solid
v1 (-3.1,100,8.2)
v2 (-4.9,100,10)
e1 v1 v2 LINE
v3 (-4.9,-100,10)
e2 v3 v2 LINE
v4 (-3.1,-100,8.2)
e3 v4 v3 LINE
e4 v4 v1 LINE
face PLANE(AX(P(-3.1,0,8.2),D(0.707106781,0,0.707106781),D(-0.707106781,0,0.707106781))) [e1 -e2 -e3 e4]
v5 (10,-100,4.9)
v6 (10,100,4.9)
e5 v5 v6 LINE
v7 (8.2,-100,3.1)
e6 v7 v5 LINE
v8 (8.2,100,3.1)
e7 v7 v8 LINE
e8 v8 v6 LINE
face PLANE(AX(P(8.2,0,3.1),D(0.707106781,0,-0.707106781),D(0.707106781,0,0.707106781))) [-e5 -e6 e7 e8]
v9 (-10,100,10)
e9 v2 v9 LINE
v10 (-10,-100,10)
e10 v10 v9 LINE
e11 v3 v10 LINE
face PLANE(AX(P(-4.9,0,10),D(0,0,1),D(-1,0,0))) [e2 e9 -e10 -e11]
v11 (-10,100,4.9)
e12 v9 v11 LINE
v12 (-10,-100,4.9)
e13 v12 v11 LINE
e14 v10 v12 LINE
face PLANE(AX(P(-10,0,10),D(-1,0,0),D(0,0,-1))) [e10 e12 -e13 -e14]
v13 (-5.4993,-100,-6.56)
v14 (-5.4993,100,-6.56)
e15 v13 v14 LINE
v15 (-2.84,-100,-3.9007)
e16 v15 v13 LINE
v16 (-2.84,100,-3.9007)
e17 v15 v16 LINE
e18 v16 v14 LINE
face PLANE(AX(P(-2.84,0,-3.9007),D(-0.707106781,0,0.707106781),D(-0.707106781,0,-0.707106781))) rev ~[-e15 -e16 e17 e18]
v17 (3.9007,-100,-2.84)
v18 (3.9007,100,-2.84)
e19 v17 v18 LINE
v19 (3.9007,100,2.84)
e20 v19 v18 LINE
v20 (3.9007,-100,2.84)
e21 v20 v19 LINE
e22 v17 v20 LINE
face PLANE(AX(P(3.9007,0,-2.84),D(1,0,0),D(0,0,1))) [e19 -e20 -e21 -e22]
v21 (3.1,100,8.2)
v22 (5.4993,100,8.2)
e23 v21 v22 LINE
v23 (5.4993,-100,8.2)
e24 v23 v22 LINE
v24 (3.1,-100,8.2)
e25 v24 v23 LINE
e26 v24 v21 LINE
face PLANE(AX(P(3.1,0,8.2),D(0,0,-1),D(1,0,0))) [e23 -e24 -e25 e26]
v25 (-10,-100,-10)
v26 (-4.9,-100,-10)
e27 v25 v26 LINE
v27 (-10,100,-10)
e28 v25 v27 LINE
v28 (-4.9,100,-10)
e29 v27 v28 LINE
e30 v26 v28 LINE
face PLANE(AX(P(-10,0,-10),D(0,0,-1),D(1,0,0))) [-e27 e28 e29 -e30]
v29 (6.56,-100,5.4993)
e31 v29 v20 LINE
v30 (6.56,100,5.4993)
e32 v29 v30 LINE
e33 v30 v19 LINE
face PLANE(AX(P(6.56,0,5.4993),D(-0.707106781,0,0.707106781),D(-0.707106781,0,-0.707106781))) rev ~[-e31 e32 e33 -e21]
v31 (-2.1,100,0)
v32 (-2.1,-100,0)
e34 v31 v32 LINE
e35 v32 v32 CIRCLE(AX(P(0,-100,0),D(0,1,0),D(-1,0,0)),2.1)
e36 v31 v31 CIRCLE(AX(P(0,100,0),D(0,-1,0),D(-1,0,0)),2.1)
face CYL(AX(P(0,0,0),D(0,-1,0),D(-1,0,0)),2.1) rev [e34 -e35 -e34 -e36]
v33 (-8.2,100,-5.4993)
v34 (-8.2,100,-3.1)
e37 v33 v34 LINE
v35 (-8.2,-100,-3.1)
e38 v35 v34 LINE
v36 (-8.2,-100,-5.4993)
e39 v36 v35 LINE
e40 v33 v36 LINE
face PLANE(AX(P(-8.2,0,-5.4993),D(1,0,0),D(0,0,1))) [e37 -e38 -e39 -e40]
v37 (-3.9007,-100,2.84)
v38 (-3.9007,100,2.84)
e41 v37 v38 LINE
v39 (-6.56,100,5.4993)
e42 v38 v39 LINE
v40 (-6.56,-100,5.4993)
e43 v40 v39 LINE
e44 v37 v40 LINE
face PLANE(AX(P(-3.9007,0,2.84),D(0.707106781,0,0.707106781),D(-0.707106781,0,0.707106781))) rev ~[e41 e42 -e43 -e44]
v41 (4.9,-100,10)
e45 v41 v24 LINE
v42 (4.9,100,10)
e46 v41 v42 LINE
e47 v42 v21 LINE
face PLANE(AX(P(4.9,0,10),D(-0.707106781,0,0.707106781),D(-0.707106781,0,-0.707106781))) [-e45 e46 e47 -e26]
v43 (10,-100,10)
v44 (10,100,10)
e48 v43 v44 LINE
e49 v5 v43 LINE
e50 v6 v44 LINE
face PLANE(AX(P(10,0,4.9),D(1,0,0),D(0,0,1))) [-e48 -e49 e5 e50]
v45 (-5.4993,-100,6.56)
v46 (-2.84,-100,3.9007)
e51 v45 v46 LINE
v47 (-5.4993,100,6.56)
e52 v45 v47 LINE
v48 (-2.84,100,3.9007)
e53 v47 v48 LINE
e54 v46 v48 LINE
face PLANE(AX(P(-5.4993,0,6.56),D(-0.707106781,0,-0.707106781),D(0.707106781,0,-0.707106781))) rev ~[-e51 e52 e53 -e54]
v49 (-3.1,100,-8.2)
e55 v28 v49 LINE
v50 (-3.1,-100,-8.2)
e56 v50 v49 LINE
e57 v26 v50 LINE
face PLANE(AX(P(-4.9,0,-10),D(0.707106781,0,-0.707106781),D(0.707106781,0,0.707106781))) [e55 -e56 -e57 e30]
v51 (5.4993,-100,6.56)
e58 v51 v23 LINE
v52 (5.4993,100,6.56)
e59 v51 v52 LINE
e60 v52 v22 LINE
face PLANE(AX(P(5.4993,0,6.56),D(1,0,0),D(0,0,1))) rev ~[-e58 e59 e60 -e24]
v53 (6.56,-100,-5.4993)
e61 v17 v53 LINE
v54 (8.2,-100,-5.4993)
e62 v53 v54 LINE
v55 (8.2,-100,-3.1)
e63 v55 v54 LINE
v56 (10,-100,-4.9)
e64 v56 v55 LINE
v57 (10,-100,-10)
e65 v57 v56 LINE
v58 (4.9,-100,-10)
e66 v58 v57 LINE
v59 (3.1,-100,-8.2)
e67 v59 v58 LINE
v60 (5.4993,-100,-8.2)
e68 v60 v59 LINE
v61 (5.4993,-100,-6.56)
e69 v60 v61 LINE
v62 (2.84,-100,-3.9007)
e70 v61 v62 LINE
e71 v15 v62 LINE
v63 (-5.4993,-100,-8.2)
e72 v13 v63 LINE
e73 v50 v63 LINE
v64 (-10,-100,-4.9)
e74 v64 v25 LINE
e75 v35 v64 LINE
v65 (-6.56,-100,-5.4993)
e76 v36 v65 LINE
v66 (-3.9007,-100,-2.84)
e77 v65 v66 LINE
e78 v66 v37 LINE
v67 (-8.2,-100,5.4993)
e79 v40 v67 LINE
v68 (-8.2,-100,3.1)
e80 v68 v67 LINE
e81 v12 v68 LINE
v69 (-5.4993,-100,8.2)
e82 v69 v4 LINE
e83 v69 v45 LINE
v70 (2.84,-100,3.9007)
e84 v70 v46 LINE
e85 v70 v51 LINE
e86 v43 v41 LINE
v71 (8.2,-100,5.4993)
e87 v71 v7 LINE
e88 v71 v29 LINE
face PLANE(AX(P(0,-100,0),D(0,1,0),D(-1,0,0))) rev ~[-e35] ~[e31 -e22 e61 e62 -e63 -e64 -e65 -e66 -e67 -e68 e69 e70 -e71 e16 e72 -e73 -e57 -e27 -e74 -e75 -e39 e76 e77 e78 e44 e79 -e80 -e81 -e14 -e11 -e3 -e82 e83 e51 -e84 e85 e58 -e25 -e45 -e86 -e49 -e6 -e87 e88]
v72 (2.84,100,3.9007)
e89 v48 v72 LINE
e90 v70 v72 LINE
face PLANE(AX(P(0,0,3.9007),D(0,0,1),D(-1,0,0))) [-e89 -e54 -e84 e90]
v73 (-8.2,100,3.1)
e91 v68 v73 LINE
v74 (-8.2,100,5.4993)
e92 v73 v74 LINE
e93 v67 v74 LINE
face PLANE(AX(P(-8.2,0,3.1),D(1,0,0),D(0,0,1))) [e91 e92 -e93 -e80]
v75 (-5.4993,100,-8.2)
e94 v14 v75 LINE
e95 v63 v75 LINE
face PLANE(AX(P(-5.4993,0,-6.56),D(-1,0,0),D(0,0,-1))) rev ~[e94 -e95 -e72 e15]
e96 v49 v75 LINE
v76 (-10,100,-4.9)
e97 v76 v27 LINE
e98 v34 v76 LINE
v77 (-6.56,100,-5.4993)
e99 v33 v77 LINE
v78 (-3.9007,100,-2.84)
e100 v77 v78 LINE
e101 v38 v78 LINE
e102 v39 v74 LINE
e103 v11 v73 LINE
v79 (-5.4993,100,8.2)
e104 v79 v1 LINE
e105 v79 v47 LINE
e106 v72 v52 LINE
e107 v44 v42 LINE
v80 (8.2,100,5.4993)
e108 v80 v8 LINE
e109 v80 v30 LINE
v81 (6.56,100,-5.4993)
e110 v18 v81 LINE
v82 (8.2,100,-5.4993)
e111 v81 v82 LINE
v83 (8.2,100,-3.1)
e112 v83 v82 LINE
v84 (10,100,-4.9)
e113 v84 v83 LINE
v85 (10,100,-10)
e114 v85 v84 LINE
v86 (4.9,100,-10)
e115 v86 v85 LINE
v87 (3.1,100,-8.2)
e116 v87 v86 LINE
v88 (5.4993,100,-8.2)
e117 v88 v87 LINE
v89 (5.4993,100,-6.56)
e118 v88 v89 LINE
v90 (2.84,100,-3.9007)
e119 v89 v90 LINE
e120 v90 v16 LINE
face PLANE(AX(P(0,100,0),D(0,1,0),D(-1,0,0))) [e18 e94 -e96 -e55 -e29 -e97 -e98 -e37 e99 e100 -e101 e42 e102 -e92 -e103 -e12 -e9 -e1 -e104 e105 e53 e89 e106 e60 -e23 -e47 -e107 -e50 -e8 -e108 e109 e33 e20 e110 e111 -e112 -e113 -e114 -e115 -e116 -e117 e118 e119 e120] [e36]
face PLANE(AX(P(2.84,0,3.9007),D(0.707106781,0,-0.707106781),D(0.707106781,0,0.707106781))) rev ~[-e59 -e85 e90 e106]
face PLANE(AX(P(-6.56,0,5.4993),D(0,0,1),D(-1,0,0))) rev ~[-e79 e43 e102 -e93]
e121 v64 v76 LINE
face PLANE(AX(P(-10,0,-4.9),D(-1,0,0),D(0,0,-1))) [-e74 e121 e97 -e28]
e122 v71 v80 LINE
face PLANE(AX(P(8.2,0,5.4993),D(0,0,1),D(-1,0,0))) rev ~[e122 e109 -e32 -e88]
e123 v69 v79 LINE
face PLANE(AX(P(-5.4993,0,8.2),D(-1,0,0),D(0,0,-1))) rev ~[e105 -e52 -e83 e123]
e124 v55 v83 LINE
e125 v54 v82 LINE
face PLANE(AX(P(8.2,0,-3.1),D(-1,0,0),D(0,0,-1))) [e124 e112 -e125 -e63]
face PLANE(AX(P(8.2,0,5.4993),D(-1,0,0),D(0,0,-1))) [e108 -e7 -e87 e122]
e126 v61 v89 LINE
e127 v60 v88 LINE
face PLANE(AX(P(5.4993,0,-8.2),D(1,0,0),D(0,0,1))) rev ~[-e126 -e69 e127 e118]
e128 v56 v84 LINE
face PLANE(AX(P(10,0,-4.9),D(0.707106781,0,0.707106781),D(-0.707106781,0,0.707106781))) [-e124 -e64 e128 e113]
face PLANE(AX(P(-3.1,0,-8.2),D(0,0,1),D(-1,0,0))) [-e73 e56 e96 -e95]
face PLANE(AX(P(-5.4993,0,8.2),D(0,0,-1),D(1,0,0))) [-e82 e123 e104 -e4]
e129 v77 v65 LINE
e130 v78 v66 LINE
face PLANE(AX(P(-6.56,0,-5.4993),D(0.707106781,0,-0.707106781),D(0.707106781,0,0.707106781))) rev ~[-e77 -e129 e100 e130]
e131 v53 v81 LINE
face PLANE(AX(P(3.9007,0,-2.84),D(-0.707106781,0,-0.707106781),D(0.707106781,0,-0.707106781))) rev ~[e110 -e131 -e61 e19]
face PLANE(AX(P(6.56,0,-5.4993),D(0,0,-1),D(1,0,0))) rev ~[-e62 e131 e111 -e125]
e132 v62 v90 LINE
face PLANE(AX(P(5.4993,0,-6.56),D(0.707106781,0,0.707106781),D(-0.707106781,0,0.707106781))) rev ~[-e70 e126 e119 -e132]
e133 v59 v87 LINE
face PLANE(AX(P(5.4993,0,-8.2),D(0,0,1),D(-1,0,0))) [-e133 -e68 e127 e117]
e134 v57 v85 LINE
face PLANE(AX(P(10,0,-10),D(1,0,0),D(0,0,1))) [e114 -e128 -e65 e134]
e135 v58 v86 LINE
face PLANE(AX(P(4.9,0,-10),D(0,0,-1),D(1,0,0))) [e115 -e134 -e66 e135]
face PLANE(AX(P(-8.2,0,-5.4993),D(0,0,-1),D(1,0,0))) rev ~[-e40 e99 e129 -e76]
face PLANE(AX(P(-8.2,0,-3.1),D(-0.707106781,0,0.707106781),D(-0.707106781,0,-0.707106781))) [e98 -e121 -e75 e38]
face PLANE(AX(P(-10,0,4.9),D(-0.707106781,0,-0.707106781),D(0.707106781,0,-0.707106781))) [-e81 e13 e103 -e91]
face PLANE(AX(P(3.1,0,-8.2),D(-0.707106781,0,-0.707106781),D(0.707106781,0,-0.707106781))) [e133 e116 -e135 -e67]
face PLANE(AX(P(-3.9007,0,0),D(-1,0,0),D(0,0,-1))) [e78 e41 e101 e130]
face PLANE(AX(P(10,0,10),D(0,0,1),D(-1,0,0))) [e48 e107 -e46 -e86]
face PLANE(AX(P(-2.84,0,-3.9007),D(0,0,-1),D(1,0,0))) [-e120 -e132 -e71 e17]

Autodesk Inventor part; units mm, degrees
ref_plane "YZ Plane" through (0, 0, 0) normal (1, 0, 0) x (0, 1, 0)
ref_plane "XZ Plane" through (0, 0, 0) normal (0, 1, 0) x (-1, 0, 0)
ref_plane "XY Plane" through (0, 0, 0) normal (0, 0, 1) x (1, 0, 0)
sketch "Sketch1" plane through (0, 0, 0) normal (0, 1, 0) x (-1, 0, 0)
  circle A0 centre (0, 0) radius 2.1
  line L0 (0, -3.9007) -> (-2.84, -3.9007)
  line L1 (-5.4993, -8.2) -> (-3.1, -8.2)
  line L2 (-3.1, -8.2) -> (-4.9, -10)
  line L3 (-4.9, -10) -> (-10, -10)
  line L4 (-10, -10) -> (-10, -4.9)
  line L5 (-10, -4.9) -> (-8.2, -3.1)
  line L6 (-8.2, -3.1) -> (-8.2, -5.4993)
  line L7 (-3.9007, -2.84) -> (-3.9007, 0)
  line L8 (-3.9007, 0) -> (-2.1, 0)
  line L9 (0, -3.9007) -> (0, -2.1) construction
  line L10 (-5.4993, -8.2) -> (-5.4993, -6.56)
  line L11 (-5.4993, -6.56) -> (-2.84, -3.9007)
  line L12 (-3.9007, -2.84) -> (-6.56, -5.4993)
  line L13 (-6.56, -5.4993) -> (-8.2, -5.4993)
  line L14 (6.56, -5.4993) -> (3.9007, -2.84)
  line L15 (3.1, -8.2) -> (5.4993, -8.2)
  line L16 (5.4993, -6.56) -> (5.4993, -8.2)
  line L17 (8.2, -5.4993) -> (8.2, -3.1)
  line L18 (8.2, -5.4993) -> (6.56, -5.4993)
  line L19 (8.2, -3.1) -> (10, -4.9)
  line L20 (4.9, -10) -> (3.1, -8.2)
  line L21 (10, -4.9) -> (10, -10)
  line L22 (10, -10) -> (4.9, -10)
  line L23 (2.84, -3.9007) -> (0, -3.9007)
  line L24 (0, -3.9007) -> (0, -2.1) construction
  line L25 (3.9007, 0) -> (2.1, 0)
  line L26 (3.9007, 0) -> (3.9007, -2.84)
  line L27 (2.84, -3.9007) -> (5.4993, -6.56)
  line L28 (5.4993, 6.56) -> (2.84, 3.9007)
  line L29 (8.2, 3.1) -> (8.2, 5.4993)
  line L30 (6.56, 5.4993) -> (8.2, 5.4993)
  line L31 (5.4993, 8.2) -> (3.1, 8.2)
  line L32 (5.4993, 8.2) -> (5.4993, 6.56)
  line L33 (3.1, 8.2) -> (4.9, 10)
  line L34 (10, 4.9) -> (8.2, 3.1)
  line L35 (4.9, 10) -> (10, 10)
  line L36 (10, 10) -> (10, 4.9)
  line L37 (3.9007, 2.84) -> (3.9007, 0)
  line L38 (3.9007, 0) -> (2.1, 0) construction
  line L39 (0, 3.9007) -> (0, 2.1)
  line L40 (0, 3.9007) -> (2.84, 3.9007)
  line L41 (3.9007, 2.84) -> (6.56, 5.4993)
  line L42 (-6.56, 5.4993) -> (-3.9007, 2.84)
  line L43 (-3.1, 8.2) -> (-5.4993, 8.2)
  line L44 (-5.4993, 6.56) -> (-5.4993, 8.2)
  line L45 (-8.2, 5.4993) -> (-8.2, 3.1)
  line L46 (-8.2, 5.4993) -> (-6.56, 5.4993)
  line L47 (-8.2, 3.1) -> (-10, 4.9)
  line L48 (-4.9, 10) -> (-3.1, 8.2)
  line L49 (-10, 4.9) -> (-10, 10)
  line L50 (-10, 10) -> (-4.9, 10)
  line L51 (-2.84, 3.9007) -> (0, 3.9007)
  line L52 (0, 3.9007) -> (0, 2.1) construction
  line L53 (-3.9007, 0) -> (-2.1, 0) construction
  line L54 (-3.9007, 0) -> (-3.9007, 2.84)
  line L55 (-2.84, 3.9007) -> (-5.4993, 6.56)
  point P0 (0, -3.0003)
  point P1 (-3.0003, 0)
  point P2 (0, -3.0003)
  point P3 (3.0003, 0)
  point P4 (3.0003, 0)
  point P5 (0, 3.0003)
  point P6 (0, 3.0003)
  point P7 (-3.0003, 0)
  dimension "d0" = 4.2
  dimension "d2" = 45
  dimension "d3" = 3.1
  dimension "d4" = 2.84
  dimension "d7" = 10
  dimension "d8" = 10
  dimension "d9" = 1.5
  dimension "d10" = 1.8
  dimension "d11" = 1.64
  dimension "d14" = 360
extrude "Extrusion1" add sketch "Sketch1" along normal mid plane 200 contours L25 L26 L14 L18 L17 L19 L21 L22 L20 L15 L16 L27 L23 L0 L11 L10 L1 L2 L3 L4 L5 L6 L13 L12 L7 L8 A0 | A0 L39 L40 L28 L32 L31 L33 L35 L36 L34 L29 L30 L41 L37 L25 | A0 L8 L54 L42 L46 L45 L47 L49 L50 L48 L43 L44 L55 L51 L39
properties part number "vslot_200mm" material "Aluminum"
